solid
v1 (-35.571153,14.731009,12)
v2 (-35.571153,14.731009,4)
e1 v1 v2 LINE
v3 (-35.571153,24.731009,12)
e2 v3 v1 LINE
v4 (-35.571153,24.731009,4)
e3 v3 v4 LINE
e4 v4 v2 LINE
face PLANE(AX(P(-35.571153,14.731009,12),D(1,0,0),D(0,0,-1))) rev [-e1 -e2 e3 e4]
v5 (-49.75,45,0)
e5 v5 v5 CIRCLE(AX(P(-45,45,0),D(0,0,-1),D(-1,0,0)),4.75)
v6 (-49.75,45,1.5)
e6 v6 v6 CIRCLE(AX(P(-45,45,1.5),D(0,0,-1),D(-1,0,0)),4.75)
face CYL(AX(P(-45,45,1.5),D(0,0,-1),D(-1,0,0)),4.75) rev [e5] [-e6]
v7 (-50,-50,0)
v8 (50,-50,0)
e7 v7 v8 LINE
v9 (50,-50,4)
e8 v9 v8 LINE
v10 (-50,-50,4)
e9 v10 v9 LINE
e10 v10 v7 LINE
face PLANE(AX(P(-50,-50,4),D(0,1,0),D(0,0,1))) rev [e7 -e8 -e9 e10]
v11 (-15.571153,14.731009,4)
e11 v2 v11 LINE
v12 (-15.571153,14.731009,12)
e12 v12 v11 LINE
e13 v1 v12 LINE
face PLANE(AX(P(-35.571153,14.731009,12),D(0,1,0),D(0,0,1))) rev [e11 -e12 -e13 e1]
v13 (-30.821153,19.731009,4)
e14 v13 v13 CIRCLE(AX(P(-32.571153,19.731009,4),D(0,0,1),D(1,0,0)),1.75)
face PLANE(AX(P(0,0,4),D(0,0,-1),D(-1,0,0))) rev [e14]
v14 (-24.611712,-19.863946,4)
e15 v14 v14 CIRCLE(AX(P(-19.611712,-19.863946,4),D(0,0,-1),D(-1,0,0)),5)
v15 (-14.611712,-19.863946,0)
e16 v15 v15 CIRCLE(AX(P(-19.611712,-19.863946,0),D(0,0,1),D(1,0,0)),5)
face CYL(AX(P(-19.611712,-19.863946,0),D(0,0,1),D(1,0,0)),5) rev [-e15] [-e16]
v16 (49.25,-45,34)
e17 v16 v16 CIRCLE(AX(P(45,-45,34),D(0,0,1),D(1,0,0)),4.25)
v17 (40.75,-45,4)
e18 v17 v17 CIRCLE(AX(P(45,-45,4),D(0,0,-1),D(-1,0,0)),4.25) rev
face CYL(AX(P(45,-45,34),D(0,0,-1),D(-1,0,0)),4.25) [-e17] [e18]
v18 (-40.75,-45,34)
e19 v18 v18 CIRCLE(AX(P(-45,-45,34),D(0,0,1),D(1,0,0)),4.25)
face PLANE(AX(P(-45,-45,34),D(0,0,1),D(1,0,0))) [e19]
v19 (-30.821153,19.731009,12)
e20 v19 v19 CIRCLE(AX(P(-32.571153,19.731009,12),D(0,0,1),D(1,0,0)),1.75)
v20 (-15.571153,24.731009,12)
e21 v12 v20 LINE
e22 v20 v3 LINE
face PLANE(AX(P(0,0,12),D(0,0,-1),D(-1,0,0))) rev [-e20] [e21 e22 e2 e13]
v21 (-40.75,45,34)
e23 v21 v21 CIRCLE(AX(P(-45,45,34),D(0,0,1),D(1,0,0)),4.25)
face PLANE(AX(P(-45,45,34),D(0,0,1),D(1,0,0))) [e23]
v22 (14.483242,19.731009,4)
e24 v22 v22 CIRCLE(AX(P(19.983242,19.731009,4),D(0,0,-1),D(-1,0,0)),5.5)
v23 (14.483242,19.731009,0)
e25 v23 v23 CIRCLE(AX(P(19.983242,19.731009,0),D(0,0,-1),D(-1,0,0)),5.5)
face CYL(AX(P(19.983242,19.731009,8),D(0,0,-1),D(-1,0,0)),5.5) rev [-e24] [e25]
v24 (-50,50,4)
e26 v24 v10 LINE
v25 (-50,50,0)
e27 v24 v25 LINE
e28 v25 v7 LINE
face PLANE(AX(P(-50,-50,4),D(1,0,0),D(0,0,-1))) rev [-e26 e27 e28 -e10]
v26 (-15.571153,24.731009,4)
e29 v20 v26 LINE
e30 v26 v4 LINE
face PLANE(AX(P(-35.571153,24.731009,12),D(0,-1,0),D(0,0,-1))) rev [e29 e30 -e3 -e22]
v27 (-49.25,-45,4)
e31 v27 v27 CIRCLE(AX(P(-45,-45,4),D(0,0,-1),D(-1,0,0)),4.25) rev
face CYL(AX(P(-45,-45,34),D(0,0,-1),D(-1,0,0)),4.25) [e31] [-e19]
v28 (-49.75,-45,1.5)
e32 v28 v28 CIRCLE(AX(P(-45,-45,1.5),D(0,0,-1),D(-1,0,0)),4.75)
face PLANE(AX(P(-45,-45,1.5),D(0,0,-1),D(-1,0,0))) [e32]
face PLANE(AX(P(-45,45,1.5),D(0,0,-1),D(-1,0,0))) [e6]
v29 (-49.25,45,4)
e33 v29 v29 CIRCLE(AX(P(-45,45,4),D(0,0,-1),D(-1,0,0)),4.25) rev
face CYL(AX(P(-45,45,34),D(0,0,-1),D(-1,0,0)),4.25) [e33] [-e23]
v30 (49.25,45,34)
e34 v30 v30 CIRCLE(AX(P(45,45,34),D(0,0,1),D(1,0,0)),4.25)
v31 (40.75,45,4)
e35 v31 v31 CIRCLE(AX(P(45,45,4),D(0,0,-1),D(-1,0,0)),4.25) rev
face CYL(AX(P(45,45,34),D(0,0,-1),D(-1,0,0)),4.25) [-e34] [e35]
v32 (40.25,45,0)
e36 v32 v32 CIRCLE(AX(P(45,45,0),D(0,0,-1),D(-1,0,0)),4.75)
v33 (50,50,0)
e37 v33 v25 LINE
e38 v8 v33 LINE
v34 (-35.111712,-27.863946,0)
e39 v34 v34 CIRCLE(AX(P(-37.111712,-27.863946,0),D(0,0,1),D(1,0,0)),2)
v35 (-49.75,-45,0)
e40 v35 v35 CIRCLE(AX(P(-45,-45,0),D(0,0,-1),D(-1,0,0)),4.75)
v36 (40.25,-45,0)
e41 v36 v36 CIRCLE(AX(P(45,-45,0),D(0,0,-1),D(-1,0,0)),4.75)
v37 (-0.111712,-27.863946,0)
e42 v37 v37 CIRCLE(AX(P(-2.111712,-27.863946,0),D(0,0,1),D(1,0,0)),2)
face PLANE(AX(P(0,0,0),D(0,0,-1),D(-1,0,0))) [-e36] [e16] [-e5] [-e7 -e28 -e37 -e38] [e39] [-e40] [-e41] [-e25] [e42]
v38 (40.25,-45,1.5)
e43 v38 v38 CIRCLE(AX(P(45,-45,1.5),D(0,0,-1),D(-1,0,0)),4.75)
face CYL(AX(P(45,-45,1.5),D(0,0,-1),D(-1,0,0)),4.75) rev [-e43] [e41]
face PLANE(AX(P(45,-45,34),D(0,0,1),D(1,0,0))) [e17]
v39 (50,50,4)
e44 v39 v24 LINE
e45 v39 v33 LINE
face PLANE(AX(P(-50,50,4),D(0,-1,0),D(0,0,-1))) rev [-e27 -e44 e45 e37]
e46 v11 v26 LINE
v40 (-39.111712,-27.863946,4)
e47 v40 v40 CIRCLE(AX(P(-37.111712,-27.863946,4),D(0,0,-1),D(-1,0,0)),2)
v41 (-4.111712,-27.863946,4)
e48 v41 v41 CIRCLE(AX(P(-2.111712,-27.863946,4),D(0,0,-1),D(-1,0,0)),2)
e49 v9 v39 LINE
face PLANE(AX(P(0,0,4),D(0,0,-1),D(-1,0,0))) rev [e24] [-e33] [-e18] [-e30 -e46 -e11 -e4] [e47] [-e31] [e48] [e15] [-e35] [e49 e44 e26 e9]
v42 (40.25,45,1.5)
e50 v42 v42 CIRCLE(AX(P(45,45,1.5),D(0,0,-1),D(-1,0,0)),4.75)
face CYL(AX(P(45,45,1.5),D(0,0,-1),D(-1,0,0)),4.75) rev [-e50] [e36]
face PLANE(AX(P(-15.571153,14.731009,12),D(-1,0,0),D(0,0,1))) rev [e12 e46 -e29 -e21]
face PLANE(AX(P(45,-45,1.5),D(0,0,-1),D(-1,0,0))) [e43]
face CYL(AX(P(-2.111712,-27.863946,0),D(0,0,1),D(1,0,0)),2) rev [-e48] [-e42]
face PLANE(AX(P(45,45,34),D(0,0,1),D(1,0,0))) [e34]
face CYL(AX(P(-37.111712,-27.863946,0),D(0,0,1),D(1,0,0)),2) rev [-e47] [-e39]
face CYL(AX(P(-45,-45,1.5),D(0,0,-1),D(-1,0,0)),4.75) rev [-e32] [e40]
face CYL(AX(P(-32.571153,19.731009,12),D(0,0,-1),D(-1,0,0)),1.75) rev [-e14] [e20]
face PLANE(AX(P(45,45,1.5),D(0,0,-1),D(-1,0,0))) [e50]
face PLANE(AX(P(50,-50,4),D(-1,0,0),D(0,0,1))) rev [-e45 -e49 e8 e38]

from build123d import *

# Parameters (mm, degrees)
SKETCH1_W               = 100
SKETCH1_H               = 100
BOSS_EXTRUDE1_DEPTH     = 4
SKETCH2_R               = 4.25
BOSS_EXTRUDE2_DEPTH     = 30
SKETCH4_R               = 4.75
CUT_EXTRUDE1_DEPTH      = 1.5
SKETCH5_R               = 2
SKETCH5_R_2             = 5
CUT_EXTRUDE2_DEPTH      = 31
CUT_EXTRUDE2_DEPTH_BACK = 5
SKETCH6_W               = 20
SKETCH6_H               = 10
SKETCH6_R               = 1.75
BOSS_EXTRUDE3_DEPTH     = 8
SKETCH7_R               = 5.5
CUT_EXTRUDE3_DEPTH      = 8


with BuildPart() as part:
    # Sketch1 → Boss-Extrude1 (new body)
    with BuildSketch(Plane.XY):
        Rectangle(SKETCH1_W, SKETCH1_H)
    extrude(amount=BOSS_EXTRUDE1_DEPTH)

    # Sketch2 → Boss-Extrude2 (add)
    with BuildSketch(Plane.XY.offset(4)):
        with Locations((45, 45)):
            Circle(SKETCH2_R)
        with Locations((-45, 45)):
            Circle(SKETCH2_R)
        with Locations((-45, -45)):
            Circle(SKETCH2_R)
        with Locations((45, -45)):
            Circle(SKETCH2_R)
    extrude(amount=BOSS_EXTRUDE2_DEPTH)

    # Sketch4 → Cut-Extrude1 (cut)
    with BuildSketch(Plane(origin=(0, 0, 0), x_dir=(-1, 0, 0), z_dir=(0, 0, -1))):
        with Locations((-45, 45)):
            Circle(SKETCH4_R)
        with Locations((45, 45)):
            Circle(SKETCH4_R)
        with Locations((-45, -45)):
            Circle(SKETCH4_R)
        with Locations((45, -45)):
            Circle(SKETCH4_R)
    extrude(amount=-CUT_EXTRUDE1_DEPTH, mode=Mode.SUBTRACT)

    # Sketch5 → Cut-Extrude2 (cut, two sides)
    with BuildSketch(Plane(origin=(-38.404344239, -79.614153906, 4), x_dir=(1, 0, 0), z_dir=(0, 0, 1))) as cut_extrude2_sk:
        with Locations((36.292632212, 51.750208167)):
            Circle(SKETCH5_R)
        with Locations((1.292632212, 51.750208167)):
            Circle(SKETCH5_R)
        with Locations((18.792632212, 59.750208167)):
            Circle(SKETCH5_R_2)
    extrude(amount=CUT_EXTRUDE2_DEPTH, mode=Mode.SUBTRACT)
    extrude(cut_extrude2_sk.sketch, amount=-CUT_EXTRUDE2_DEPTH_BACK, mode=Mode.SUBTRACT)

    # Sketch6 → Boss-Extrude3 (add)
    with BuildSketch(Plane.XY.offset(4)):
        with Locations((-25.571153041, 19.73100851)):
            Rectangle(SKETCH6_W, SKETCH6_H)
        with Locations((-32.571153041, 19.73100851)):
            Circle(SKETCH6_R, mode=Mode.SUBTRACT)
    extrude(amount=BOSS_EXTRUDE3_DEPTH)

    # Sketch7 → Cut-Extrude3 (cut)
    with BuildSketch(Plane(origin=(-38.404344239, -79.614153906, 0), x_dir=(-1, 0, 0), z_dir=(0, 0, -1))):
        with Locations((-58.387586461, 99.345162416)):
            Circle(SKETCH7_R)
    extrude(amount=-CUT_EXTRUDE3_DEPTH, mode=Mode.SUBTRACT)


solid = part.part
